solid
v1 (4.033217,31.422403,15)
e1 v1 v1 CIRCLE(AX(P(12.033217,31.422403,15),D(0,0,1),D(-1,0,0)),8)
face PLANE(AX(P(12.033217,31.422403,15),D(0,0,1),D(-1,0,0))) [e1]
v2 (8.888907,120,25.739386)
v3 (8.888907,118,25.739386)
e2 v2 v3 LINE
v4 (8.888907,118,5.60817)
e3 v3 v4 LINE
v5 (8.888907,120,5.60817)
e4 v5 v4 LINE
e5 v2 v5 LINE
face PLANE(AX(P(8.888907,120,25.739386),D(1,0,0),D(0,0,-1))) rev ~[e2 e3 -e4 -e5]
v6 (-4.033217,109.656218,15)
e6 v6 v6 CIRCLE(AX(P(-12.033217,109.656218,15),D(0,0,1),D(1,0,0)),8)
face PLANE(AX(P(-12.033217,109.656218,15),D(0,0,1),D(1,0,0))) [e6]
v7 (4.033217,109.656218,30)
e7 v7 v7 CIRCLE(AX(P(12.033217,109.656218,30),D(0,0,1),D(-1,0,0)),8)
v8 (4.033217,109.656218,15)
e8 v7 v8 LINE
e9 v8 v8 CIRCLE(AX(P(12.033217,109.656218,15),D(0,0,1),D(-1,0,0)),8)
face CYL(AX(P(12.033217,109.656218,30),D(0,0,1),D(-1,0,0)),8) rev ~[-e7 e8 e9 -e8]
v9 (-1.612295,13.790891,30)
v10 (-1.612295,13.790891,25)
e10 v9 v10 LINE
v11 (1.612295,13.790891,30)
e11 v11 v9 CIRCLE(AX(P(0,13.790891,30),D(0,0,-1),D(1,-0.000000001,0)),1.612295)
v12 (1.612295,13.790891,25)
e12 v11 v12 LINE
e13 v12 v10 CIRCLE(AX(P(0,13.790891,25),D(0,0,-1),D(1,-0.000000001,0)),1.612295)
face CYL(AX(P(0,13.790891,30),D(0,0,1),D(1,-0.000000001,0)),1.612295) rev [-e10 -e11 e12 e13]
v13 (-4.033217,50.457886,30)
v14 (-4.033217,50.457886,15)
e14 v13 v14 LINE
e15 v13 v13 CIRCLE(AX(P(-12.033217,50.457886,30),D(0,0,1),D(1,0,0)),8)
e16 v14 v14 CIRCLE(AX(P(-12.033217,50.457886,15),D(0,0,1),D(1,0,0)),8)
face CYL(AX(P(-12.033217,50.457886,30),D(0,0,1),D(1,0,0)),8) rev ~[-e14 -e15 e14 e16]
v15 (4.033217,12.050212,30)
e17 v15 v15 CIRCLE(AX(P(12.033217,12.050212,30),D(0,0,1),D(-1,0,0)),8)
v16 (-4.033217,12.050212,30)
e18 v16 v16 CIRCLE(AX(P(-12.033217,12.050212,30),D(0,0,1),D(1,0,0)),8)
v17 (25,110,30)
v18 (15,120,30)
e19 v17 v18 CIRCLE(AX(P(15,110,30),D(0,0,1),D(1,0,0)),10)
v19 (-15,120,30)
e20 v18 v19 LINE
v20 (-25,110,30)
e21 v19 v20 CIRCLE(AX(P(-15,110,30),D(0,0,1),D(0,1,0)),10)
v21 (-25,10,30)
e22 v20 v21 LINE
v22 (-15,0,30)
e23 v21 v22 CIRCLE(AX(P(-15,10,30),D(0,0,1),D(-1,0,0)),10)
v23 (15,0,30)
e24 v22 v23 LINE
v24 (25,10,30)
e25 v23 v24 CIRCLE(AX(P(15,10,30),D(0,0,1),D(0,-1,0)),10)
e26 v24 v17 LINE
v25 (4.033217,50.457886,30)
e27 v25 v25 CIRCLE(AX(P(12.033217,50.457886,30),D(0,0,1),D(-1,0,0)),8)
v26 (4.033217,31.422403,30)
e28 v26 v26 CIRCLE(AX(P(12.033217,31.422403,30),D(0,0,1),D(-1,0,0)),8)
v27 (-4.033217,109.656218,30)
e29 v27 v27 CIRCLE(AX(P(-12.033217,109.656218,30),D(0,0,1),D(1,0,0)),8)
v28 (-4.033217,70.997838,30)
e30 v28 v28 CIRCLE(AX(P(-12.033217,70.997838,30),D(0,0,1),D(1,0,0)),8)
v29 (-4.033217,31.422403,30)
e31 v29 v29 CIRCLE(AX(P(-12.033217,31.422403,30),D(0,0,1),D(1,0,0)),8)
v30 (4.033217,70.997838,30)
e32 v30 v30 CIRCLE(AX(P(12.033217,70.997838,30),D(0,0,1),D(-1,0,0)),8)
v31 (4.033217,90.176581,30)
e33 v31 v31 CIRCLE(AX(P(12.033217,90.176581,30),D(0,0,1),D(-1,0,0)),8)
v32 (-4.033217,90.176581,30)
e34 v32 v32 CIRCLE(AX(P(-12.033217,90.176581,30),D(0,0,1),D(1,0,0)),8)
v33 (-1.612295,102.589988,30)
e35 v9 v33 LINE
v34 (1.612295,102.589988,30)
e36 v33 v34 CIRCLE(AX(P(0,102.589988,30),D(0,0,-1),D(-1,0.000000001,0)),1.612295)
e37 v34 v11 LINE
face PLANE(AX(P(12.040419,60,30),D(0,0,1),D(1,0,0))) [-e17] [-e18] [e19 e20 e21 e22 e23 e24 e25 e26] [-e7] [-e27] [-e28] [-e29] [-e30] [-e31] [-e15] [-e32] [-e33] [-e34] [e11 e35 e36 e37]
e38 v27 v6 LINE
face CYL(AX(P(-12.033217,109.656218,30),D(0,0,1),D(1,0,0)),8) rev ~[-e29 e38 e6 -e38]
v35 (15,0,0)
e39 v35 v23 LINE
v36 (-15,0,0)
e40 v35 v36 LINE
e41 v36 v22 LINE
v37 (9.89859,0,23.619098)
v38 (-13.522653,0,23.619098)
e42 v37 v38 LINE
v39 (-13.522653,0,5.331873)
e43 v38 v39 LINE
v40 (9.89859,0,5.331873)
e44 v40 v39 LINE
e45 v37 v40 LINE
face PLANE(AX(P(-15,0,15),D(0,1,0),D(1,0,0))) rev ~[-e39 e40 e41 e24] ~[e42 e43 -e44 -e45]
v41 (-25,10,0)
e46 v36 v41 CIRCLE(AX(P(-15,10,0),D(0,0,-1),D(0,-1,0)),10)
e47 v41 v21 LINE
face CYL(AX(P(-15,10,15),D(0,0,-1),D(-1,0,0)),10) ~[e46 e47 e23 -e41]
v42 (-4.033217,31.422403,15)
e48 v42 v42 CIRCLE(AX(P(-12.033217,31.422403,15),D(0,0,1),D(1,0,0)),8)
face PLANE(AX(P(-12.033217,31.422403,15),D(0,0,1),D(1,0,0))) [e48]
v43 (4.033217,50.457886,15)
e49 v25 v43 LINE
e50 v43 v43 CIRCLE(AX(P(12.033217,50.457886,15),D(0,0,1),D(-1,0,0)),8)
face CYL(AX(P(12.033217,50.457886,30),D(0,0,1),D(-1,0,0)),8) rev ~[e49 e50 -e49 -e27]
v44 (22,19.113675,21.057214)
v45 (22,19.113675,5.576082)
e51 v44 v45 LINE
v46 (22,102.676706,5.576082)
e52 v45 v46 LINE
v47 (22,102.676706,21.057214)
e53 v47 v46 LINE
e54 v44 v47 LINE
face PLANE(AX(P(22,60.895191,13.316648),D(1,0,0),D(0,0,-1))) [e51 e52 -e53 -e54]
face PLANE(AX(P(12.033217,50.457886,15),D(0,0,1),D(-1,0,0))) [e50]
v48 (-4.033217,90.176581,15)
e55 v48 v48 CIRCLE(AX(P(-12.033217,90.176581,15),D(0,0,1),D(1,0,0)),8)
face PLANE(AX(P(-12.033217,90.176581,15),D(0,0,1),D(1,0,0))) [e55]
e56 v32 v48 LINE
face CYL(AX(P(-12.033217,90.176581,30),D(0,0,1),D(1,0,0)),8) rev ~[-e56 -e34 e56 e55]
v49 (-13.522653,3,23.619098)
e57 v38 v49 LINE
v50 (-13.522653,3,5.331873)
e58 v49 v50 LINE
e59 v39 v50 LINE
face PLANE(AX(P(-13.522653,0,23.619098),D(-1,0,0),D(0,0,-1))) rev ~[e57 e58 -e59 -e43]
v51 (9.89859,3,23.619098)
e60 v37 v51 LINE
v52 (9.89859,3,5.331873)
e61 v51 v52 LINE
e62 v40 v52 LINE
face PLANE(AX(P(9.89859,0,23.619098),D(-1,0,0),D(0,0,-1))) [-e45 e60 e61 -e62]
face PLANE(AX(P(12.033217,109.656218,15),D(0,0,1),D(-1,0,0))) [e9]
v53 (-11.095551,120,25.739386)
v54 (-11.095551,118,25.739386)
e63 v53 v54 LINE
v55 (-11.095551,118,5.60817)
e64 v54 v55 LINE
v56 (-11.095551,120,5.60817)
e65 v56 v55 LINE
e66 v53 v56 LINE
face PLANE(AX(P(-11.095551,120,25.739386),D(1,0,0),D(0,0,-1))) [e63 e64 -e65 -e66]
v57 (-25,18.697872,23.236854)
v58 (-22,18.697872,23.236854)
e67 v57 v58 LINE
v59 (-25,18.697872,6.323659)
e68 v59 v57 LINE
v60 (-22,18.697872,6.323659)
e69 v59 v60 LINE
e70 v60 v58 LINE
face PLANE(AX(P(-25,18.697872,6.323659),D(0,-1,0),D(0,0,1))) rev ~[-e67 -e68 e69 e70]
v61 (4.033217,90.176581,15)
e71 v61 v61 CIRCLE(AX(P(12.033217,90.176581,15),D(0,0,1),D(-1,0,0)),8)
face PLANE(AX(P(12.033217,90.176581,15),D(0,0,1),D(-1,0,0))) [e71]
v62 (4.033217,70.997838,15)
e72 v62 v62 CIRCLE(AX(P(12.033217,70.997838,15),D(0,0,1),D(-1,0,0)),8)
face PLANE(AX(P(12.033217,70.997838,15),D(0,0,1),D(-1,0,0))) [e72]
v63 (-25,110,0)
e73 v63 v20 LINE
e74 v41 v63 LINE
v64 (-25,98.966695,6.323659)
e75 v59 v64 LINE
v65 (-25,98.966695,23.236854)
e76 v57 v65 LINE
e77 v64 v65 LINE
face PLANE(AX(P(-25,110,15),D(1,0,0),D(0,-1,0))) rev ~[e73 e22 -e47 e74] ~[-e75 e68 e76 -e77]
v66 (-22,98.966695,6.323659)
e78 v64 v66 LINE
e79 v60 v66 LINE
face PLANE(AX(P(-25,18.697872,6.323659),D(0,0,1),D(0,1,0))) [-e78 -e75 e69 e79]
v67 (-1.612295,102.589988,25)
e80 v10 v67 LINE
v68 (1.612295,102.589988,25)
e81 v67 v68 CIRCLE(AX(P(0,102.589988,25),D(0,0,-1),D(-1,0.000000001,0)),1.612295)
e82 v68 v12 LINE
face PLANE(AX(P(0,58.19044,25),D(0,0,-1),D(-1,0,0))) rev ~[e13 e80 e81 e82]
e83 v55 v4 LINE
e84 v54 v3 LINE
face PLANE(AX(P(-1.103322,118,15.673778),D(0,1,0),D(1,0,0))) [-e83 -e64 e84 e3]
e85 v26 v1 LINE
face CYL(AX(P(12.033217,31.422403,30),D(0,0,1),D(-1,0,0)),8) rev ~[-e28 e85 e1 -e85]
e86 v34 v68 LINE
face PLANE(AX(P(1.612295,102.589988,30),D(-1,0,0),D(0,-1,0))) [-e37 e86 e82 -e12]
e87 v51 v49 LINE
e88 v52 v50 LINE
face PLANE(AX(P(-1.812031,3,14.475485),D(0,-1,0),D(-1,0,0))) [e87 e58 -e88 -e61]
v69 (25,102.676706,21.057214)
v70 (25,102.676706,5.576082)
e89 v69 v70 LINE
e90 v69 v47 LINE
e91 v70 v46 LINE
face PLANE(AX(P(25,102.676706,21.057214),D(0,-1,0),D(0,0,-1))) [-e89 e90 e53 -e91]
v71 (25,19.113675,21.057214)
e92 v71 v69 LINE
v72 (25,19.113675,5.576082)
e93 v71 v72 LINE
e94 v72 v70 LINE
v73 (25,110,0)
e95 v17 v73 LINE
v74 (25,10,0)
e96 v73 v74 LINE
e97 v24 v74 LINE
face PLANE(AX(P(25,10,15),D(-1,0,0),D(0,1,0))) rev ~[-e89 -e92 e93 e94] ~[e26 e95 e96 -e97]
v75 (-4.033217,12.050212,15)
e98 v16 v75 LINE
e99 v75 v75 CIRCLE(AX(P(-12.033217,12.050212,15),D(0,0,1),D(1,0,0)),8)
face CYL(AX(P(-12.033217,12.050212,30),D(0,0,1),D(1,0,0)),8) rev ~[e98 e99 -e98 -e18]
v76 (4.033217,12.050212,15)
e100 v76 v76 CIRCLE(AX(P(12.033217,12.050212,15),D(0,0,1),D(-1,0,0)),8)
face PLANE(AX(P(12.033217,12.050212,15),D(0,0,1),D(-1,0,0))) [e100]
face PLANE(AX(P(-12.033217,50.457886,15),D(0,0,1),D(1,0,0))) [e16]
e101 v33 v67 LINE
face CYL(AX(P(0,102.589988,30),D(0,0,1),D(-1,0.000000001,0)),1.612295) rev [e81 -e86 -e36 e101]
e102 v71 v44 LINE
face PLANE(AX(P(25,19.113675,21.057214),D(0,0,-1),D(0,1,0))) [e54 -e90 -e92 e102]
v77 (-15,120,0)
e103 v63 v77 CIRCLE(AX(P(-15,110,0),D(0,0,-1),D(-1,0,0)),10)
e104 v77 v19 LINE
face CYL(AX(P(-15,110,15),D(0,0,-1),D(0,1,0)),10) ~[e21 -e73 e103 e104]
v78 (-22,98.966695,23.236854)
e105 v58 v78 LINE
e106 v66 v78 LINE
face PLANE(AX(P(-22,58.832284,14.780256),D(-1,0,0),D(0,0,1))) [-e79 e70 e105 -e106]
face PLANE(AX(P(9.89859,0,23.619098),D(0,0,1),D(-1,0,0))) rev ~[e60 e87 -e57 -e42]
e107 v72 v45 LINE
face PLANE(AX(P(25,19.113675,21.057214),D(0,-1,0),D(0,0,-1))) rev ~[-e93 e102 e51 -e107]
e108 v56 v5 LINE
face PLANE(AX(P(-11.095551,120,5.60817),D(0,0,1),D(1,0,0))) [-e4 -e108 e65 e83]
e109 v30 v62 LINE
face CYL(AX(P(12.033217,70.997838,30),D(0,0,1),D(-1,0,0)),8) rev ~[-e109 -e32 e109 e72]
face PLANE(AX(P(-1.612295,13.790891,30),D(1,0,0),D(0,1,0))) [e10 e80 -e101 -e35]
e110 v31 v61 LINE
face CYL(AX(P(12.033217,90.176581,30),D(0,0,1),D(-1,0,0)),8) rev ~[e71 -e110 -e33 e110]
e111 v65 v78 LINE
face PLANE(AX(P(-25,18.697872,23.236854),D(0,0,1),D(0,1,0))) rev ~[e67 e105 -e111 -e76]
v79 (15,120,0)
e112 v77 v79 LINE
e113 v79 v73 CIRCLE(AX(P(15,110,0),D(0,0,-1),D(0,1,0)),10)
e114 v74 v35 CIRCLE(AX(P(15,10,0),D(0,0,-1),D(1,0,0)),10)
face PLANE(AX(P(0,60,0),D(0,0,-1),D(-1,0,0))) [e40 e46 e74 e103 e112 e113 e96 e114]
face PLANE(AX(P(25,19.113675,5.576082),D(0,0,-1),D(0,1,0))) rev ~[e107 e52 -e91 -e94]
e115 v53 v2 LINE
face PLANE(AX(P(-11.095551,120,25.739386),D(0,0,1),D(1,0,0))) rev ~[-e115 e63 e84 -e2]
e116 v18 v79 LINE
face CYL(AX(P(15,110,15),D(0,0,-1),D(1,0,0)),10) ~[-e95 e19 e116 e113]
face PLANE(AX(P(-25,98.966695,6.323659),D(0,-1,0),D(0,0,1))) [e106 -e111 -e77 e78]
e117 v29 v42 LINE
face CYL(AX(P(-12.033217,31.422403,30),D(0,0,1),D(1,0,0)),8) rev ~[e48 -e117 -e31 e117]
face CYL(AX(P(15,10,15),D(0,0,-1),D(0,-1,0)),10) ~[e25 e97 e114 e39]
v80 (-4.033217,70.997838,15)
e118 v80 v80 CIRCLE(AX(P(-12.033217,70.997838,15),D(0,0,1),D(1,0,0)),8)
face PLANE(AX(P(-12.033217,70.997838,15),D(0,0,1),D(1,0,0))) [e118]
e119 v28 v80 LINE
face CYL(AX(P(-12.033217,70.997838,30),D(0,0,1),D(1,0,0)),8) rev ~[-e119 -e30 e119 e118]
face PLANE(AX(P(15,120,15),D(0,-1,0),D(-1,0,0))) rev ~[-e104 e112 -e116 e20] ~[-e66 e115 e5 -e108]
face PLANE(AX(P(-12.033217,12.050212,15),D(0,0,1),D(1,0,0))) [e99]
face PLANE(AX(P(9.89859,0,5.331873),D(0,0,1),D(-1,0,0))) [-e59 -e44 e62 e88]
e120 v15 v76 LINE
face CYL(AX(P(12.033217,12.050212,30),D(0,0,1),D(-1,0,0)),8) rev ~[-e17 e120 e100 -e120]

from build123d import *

# Parameters (mm, degrees)
BOSS_EXTRUDE4_DEPTH = 15
BOSS_EXTRUDE5_DEPTH = 15
SKETCH3_R           = 8
CUT_EXTRUDE2_DEPTH  = 15
CUT_EXTRUDE3_DEPTH  = 5
SKETCH5_W           = 23.42124253
SKETCH5_H           = 18.287225632
CUT_EXTRUDE5_DEPTH  = 3
SKETCH6_W           = 19.984458363
SKETCH6_H           = 20.131216134
CUT_EXTRUDE7_DEPTH  = 2
SKETCH7_W           = 16.913194531
SKETCH7_H           = 80.268822813
CUT_EXTRUDE8_DEPTH  = 3
SKETCH8_W           = 15.481131963
SKETCH8_H           = 83.563031186
CUT_EXTRUDE9_DEPTH  = 3


with BuildPart() as part:
    # Sketch1 → Boss-Extrude4 (new body)
    with BuildSketch(Plane.XY):
        with BuildLine():
            Line((-15, 120), (15, 120))
            ThreePointArc((15, 120), (22.071067812, 117.071067812), (25, 110))
            Line((25, 110), (25, 10))
            ThreePointArc((25, 10), (22.071067812, 2.928932188), (15, 0))
            Line((15, 0), (-15, 0))
            ThreePointArc((-15, 0), (-22.071067812, 2.928932188), (-25, 10))
            Line((-25, 10), (-25, 110))
            ThreePointArc((-25, 110), (-22.071067812, 117.071067812), (-15, 120))
        make_face()
    extrude(amount=BOSS_EXTRUDE4_DEPTH)

    # Sketch2 → Boss-Extrude5 (add)
    with BuildSketch(Plane.XY.offset(15)):
        with BuildLine():
            Line((15, 120), (0, 120))
            Line((0, 120), (0, 0))
            Line((0, 0), (15, 0))
            ThreePointArc((15, 0), (22.071067812, 2.928932188), (25, 10))
            Line((25, 10), (25, 110))
            ThreePointArc((25, 110), (22.071067812, 117.071067812), (15, 120))
        make_face()
        with BuildLine():
            Line((0, 0), (0, 120))
            Line((0, 120), (-15, 120))
            ThreePointArc((-15, 120), (-22.071067812, 117.071067812), (-25, 110))
            Line((-25, 110), (-25, 10))
            ThreePointArc((-25, 10), (-22.071067812, 2.928932188), (-15, 0))
            Line((-15, 0), (0, 0))
        make_face()
    extrude(amount=BOSS_EXTRUDE5_DEPTH)

    # Sketch3 → Cut-Extrude2 (cut)
    with BuildSketch(Plane.XY.offset(30)):
        with Locations((-12.033216968, 109.656218371)):
            Circle(SKETCH3_R)
        with Locations((-12.033216968, 90.176581151)):
            Circle(SKETCH3_R)
        with Locations((-12.033216968, 70.997837903)):
            Circle(SKETCH3_R)
        with Locations((-12.033216968, 50.457885697)):
            Circle(SKETCH3_R)
        with Locations((-12.033216968, 31.422403349)):
            Circle(SKETCH3_R)
        with Locations((-12.033216968, 12.050211805)):
            Circle(SKETCH3_R)
        with Locations(Location((12.033216968, 12.050211805, 0), (0, 0, 180))):
            Circle(SKETCH3_R)
        with Locations(Location((12.033216968, 31.422403349, 0), (0, 0, 180))):
            Circle(SKETCH3_R)
        with Locations(Location((12.033216968, 50.457885697, 0), (0, 0, 180))):
            Circle(SKETCH3_R)
        with Locations(Location((12.033216968, 70.997837903, 0), (0, 0, 180))):
            Circle(SKETCH3_R)
        with Locations(Location((12.033216968, 90.176581151, 0), (0, 0, 180))):
            Circle(SKETCH3_R)
        with Locations(Location((12.033216968, 109.656218371, 0), (0, 0, 180))):
            Circle(SKETCH3_R)
    extrude(amount=-CUT_EXTRUDE2_DEPTH, mode=Mode.SUBTRACT)

    # Sketch4 → Cut-Extrude3 (cut)
    with BuildSketch(Plane.XY.offset(30)):
        with BuildLine():
            Line((-1.612294676, 13.790891011), (-1.612294676, 102.589988378))
            ThreePointArc((-1.612294676, 102.589988378), (0, 104.202283053), (1.612294676, 102.589988378))
            Line((1.612294676, 102.589988378), (1.612294676, 13.790891011))
            ThreePointArc((1.612294676, 13.790891011), (0, 12.178596336), (-1.612294676, 13.790891011))
        make_face()
    extrude(amount=-CUT_EXTRUDE3_DEPTH, mode=Mode.SUBTRACT)

    # Sketch5 → Cut-Extrude5 (cut)
    with BuildSketch(Plane(origin=(0, 0, 0), x_dir=(-1, 0, 0), z_dir=(0, -1, 0))):
        with Locations((1.812031263, -14.475485378)):
            Rectangle(SKETCH5_W, SKETCH5_H)
    extrude(amount=-CUT_EXTRUDE5_DEPTH, mode=Mode.SUBTRACT)

    # Sketch6 → Cut-Extrude7 (cut)
    with BuildSketch(Plane(origin=(0, 120, 0), x_dir=(1, 0, 0), z_dir=(0, 1, 0))):
        with Locations((-1.103321986, -15.673777661)):
            Rectangle(SKETCH6_W, SKETCH6_H)
    extrude(amount=-CUT_EXTRUDE7_DEPTH, mode=Mode.SUBTRACT)

    # Sketch7 → Cut-Extrude8 (cut)
    with BuildSketch(Plane.ZY.offset(25)):
        with Locations((14.78025647, 58.832283621)):
            Rectangle(SKETCH7_W, SKETCH7_H)
    extrude(amount=-CUT_EXTRUDE8_DEPTH, mode=Mode.SUBTRACT)

    # Sketch8 → Cut-Extrude9 (cut)
    with BuildSketch(Plane(origin=(25, 0, 0), x_dir=(0, 0, -1), z_dir=(1, 0, 0))):
        with Locations((-13.31664767, 60.895190622)):
            Rectangle(SKETCH8_W, SKETCH8_H)
    extrude(amount=-CUT_EXTRUDE9_DEPTH, mode=Mode.SUBTRACT)


solid = part.part
